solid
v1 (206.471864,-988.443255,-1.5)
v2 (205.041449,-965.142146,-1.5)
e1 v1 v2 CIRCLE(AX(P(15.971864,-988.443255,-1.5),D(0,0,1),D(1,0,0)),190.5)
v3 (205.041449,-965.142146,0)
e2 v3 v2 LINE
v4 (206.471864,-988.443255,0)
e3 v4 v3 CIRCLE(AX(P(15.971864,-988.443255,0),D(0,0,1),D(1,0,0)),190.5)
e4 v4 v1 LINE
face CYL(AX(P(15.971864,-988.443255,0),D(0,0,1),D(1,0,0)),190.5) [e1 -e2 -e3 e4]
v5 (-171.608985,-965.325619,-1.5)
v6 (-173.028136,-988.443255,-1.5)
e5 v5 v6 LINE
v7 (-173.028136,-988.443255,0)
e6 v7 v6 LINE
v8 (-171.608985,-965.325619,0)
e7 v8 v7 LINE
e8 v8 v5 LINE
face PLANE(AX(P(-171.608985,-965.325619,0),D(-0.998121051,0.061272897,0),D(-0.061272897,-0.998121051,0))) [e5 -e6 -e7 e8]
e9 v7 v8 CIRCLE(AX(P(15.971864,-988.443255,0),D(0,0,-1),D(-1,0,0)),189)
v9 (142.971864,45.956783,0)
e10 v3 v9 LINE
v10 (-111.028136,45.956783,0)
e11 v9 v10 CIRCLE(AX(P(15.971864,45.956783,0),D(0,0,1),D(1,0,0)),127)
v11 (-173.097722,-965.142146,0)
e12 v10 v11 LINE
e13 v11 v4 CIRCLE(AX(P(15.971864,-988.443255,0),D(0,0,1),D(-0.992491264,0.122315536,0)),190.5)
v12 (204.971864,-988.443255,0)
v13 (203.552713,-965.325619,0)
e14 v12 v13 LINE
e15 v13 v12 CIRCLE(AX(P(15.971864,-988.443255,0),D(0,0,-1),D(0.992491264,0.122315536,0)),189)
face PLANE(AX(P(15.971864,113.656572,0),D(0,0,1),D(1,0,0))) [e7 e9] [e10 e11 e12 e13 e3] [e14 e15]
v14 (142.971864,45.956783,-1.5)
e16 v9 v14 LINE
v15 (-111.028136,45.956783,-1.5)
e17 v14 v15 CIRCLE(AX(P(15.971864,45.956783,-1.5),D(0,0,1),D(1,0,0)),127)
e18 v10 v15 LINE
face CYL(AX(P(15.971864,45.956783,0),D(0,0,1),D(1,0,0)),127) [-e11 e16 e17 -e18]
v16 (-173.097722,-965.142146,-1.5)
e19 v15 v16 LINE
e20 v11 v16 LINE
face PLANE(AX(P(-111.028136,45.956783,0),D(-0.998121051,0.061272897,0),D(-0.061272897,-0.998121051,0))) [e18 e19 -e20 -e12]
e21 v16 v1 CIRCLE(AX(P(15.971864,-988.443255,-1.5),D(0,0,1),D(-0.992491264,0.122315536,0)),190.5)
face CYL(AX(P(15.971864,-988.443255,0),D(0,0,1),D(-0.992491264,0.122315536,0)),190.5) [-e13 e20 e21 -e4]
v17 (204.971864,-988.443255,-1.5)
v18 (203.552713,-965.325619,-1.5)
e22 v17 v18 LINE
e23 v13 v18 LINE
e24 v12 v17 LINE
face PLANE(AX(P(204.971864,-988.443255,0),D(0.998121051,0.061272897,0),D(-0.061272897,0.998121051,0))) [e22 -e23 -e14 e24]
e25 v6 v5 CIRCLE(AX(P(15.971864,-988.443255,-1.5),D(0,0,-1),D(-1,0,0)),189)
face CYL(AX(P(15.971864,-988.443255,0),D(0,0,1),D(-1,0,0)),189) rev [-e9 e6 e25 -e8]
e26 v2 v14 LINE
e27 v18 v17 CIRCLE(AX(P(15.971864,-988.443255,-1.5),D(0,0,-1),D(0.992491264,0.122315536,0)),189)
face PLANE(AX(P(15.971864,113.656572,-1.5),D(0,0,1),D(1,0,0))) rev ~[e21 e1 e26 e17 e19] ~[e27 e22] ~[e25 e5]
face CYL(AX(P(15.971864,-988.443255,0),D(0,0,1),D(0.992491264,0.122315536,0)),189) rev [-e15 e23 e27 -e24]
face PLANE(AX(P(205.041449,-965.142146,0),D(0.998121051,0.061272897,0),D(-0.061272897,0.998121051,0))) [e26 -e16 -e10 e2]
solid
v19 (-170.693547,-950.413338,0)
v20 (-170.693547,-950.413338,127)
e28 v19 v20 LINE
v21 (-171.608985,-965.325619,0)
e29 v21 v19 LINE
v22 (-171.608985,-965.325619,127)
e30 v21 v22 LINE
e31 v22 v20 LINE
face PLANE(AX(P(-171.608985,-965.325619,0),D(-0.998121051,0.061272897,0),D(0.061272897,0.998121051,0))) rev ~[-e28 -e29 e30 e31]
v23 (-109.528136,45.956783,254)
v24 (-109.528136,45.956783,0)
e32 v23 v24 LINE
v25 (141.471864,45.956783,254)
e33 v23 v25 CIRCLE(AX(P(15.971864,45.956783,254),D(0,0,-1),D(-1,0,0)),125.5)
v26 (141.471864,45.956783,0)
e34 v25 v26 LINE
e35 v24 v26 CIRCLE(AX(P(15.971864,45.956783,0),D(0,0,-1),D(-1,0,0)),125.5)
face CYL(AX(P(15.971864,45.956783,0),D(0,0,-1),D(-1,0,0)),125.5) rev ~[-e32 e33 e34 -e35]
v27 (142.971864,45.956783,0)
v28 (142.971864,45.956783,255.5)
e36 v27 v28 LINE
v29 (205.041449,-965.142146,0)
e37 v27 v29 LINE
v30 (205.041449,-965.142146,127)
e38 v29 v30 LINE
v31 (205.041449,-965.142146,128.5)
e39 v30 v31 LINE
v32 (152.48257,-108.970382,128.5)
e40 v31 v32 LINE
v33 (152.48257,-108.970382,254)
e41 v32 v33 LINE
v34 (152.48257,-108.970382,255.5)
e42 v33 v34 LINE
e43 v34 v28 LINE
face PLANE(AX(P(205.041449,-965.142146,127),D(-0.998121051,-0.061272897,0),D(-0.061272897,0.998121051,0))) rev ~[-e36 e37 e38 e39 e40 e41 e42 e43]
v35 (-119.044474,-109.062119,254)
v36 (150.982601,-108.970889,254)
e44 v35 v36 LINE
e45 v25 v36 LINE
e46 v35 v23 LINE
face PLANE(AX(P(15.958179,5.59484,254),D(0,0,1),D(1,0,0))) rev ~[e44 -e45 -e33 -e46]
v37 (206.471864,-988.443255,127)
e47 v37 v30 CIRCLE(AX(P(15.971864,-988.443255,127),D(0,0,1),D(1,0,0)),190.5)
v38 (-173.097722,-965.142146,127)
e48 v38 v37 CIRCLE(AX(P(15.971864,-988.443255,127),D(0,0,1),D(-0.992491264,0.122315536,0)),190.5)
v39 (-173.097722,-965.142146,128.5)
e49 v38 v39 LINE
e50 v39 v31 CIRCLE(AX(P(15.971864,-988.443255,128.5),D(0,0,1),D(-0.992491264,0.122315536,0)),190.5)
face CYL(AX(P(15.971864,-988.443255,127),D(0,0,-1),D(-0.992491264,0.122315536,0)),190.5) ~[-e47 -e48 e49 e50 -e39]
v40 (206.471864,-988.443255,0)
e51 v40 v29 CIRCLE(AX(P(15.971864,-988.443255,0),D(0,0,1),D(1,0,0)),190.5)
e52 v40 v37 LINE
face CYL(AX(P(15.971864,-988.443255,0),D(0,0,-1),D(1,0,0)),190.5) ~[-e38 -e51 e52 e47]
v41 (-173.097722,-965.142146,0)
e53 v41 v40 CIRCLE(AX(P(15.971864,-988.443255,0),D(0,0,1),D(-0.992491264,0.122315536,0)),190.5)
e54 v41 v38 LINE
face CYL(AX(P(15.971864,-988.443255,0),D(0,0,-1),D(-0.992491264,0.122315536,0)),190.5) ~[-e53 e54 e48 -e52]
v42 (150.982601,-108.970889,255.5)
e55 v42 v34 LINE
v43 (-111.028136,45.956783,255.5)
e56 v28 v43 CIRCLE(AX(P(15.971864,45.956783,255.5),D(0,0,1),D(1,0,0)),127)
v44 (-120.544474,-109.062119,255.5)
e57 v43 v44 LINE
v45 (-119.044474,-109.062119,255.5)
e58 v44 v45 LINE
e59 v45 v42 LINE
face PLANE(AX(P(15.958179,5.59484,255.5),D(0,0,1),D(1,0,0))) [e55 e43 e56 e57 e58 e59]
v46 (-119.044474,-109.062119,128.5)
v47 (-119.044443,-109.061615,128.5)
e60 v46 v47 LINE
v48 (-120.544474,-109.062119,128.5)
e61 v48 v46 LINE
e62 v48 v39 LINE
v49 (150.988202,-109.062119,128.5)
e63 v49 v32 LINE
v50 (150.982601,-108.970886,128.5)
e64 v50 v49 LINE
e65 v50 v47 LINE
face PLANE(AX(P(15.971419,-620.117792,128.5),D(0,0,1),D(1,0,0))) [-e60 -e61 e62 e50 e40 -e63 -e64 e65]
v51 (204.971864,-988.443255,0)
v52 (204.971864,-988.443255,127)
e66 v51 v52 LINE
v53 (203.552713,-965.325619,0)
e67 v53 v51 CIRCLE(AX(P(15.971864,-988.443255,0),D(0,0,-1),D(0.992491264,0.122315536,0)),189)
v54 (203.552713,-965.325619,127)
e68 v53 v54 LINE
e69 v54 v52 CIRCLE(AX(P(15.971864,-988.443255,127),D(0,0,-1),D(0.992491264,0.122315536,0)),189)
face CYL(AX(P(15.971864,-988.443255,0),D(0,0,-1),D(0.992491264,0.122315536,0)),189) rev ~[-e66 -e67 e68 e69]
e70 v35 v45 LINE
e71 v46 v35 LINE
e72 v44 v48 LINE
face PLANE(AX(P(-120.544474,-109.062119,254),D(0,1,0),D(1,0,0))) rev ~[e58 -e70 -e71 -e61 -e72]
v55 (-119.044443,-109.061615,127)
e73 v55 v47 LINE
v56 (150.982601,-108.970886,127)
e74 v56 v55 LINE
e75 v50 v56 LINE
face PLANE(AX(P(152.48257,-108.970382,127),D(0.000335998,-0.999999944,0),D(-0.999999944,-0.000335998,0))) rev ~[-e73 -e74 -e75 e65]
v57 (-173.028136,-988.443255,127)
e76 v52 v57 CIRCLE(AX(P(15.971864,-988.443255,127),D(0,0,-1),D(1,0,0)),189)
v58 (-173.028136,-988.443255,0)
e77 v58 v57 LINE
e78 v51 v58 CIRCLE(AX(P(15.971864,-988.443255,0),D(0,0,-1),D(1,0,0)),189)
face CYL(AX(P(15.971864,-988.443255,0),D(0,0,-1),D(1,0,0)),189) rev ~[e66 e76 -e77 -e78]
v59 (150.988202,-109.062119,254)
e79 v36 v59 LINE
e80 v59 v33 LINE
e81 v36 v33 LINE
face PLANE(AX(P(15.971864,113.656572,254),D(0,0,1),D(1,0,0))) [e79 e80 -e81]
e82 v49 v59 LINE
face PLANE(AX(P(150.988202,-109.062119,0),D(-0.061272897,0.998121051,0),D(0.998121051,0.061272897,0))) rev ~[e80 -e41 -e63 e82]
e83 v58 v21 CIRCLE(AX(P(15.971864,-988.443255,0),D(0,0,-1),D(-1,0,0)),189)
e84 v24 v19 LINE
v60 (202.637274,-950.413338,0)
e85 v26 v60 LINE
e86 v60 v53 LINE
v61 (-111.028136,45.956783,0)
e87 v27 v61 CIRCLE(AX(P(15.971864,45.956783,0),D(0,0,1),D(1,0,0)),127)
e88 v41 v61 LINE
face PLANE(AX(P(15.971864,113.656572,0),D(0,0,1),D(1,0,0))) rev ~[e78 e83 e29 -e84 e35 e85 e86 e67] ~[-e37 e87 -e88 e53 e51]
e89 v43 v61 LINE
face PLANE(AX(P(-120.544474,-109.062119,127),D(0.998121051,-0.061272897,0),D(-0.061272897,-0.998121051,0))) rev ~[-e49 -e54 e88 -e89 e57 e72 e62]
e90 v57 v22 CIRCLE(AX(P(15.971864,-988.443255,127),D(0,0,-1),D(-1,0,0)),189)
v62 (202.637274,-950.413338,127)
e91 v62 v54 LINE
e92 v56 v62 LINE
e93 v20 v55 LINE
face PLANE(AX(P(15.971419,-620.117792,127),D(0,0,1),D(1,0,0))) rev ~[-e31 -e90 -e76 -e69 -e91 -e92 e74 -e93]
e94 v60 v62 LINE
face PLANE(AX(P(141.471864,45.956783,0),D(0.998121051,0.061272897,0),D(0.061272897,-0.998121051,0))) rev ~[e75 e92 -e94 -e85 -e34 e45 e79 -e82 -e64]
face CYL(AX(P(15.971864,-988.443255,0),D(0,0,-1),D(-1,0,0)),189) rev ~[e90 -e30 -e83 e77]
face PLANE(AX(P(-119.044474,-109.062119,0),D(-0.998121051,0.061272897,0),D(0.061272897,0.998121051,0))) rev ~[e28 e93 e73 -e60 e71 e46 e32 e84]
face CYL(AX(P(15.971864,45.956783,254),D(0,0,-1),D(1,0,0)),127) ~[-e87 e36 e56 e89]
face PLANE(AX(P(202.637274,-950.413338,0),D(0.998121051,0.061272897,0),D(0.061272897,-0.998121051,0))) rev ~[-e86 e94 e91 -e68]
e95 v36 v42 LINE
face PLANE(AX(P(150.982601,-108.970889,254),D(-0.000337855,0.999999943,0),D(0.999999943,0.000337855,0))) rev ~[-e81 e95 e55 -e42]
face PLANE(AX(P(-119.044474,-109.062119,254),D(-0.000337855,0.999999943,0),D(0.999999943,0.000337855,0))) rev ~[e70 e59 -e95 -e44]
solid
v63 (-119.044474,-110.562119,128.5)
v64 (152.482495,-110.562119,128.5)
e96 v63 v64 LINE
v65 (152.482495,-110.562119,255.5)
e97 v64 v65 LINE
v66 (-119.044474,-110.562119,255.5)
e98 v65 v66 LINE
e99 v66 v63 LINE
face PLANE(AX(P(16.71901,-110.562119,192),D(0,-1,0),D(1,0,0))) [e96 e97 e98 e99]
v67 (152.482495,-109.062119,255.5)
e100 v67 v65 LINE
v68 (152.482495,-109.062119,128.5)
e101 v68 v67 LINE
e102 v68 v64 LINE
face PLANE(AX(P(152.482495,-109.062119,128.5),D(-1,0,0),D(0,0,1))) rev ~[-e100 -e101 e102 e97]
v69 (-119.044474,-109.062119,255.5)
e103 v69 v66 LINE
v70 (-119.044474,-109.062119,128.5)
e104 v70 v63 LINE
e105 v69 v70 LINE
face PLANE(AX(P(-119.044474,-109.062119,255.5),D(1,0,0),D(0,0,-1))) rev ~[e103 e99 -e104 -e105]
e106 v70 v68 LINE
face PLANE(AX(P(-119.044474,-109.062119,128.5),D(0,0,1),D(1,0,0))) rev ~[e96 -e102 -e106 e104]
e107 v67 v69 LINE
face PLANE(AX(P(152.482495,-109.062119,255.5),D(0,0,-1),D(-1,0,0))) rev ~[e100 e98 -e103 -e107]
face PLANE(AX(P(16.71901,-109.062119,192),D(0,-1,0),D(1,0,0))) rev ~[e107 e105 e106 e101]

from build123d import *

# Parameters (mm, degrees)
F1_DEPTH = 254
F2_DEPTH = 127
F0_R     = 149.6536088451
F0_R_2   = 96.0123924369
F3_DEPTH = 1.5
F5_DEPTH = 1.5
F7_DEPTH = 1.5
F9_DEPTH = 1.5


with BuildPart() as f1:
    # F0 (on Top) → F1 (new body)
    with BuildSketch(Plane.XY):
        with BuildLine():
            Line((141.4718636423, 45.9567829967), (142.282864794, 32.7457653199))
            ThreePointArc((142.282864794, 32.7457653199), (142.7994969607, 39.3422968588), (142.9718636423, 45.9567829967))
            ThreePointArc((142.9718636423, 45.9567829967), (15.9718636423, 172.9567829967), (-111.0281363577, 45.9567829967))
            ThreePointArc((-111.0281363577, 45.9567829967), (-110.855769676, 39.3422968588), (-110.3391375094, 32.7457653199))
            Line((-110.3391375094, 32.7457653199), (-109.5281363577, 45.9567829967))
            ThreePointArc((-109.5281363577, 45.9567829967), (15.9718636423, 171.4567829967), (141.4718636423, 45.9567829967))
        make_face()
        with BuildLine():
            ThreePointArc((-110.3391375094, 32.7457653199), (-110.855769676, 39.3422968588), (-111.0281363577, 45.9567829967))
            Line((-111.0281363577, 45.9567829967), (-120.5444742258, -109.0621186797))
            Line((-120.5444742258, -109.0621186797), (-119.0444742258, -109.0621186797))
            Line((-119.0444742258, -109.0621186797), (-110.3391375094, 32.7457653199))
        make_face()
        with BuildLine():
            ThreePointArc((142.9718636423, 45.9567829967), (142.7994969607, 39.3422968588), (142.282864794, 32.7457653199))
            Line((142.282864794, 32.7457653199), (150.9882015105, -109.0621186797))
            Line((150.9882015105, -109.0621186797), (152.4825699587, -108.9703820276))
            Line((152.4825699587, -108.9703820276), (142.9718636423, 45.9567829967))
        make_face()
    extrude(amount=F1_DEPTH)

    # F0 (on Top) → F2 (join)
    with BuildSketch(Plane.XY):
        with BuildLine():
            Line((141.4718636423, 45.9567829967), (142.282864794, 32.7457653199))
            ThreePointArc((142.282864794, 32.7457653199), (142.7994969607, 39.3422968588), (142.9718636423, 45.9567829967))
            ThreePointArc((142.9718636423, 45.9567829967), (15.9718636423, 172.9567829967), (-111.0281363577, 45.9567829967))
            ThreePointArc((-111.0281363577, 45.9567829967), (-110.855769676, 39.3422968588), (-110.3391375094, 32.7457653199))
            Line((-110.3391375094, 32.7457653199), (-109.5281363577, 45.9567829967))
            ThreePointArc((-109.5281363577, 45.9567829967), (15.9718636423, 171.4567829967), (141.4718636423, 45.9567829967))
        make_face()
        with BuildLine():
            ThreePointArc((142.9718636423, 45.9567829967), (142.7994969607, 39.3422968588), (142.282864794, 32.7457653199))
            Line((142.282864794, 32.7457653199), (150.9882015105, -109.0621186797))
            Line((150.9882015105, -109.0621186797), (152.4825699587, -108.9703820276))
            Line((152.4825699587, -108.9703820276), (142.9718636423, 45.9567829967))
        make_face()
        with BuildLine():
            Line((152.4825699587, -108.9703820276), (150.9882015105, -109.0621186797))
            Line((150.9882015105, -109.0621186797), (202.6372738553, -950.4133378592))
            ThreePointArc((202.6372738553, -950.4133378592), (203.9836485404, -957.7541899541), (205.0414494826, -965.1421457903))
            Line((205.0414494826, -965.1421457903), (152.4825699587, -108.9703820276))
        make_face()
        with BuildLine():
            ThreePointArc((-110.3391375094, 32.7457653199), (-110.855769676, 39.3422968588), (-111.0281363577, 45.9567829967))
            Line((-111.0281363577, 45.9567829967), (-120.5444742258, -109.0621186797))
            Line((-120.5444742258, -109.0621186797), (-119.0444742258, -109.0621186797))
            Line((-119.0444742258, -109.0621186797), (-110.3391375094, 32.7457653199))
        make_face()
        with BuildLine():
            ThreePointArc((205.0414494826, -965.1421457903), (203.9836485404, -957.7541899541), (202.6372738553, -950.4133378592))
            Line((202.6372738553, -950.4133378592), (203.5527125862, -965.3256190945))
            ThreePointArc((203.5527125862, -965.3256190945), (204.6167422508, -976.8626779432), (204.9718636423, -988.4432554245))
            ThreePointArc((204.9718636423, -988.4432554245), (15.9718636423, -1177.4432554245), (-173.0281363577, -988.4432554245))
            ThreePointArc((-173.0281363577, -988.4432554245), (-172.6730149661, -976.8626779432), (-171.6089853016, -965.3256190945))
            Line((-171.6089853016, -965.3256190945), (-170.6935465706, -950.4133378592))
            ThreePointArc((-170.6935465706, -950.4133378592), (-172.0399212557, -957.7541899541), (-173.0977221979, -965.1421457903))
            Line((-173.0977221979, -965.1421457903), (-174.5281363577, -988.4432554245))
            ThreePointArc((-174.5281363577, -988.4432554245), (15.9718636423, -1178.9432554245), (206.4718636423, -988.4432554245))
            Line((206.4718636423, -988.4432554245), (205.0414494826, -965.1421457903))
        make_face()
        with BuildLine():
            Line((-119.0444742258, -109.0621186797), (-120.5444742258, -109.0621186797))
            Line((-120.5444742258, -109.0621186797), (-173.0977221979, -965.1421457903))
            ThreePointArc((-173.0977221979, -965.1421457903), (-172.0399212557, -957.7541899541), (-170.6935465706, -950.4133378592))
            Line((-170.6935465706, -950.4133378592), (-119.0444742258, -109.0621186797))
        make_face()
        with BuildLine():
            ThreePointArc((206.4718636423, -988.4432554245), (206.113923827, -976.7707685981), (205.0414494826, -965.1421457903))
            Line((205.0414494826, -965.1421457903), (206.4718636423, -988.4432554245))
        make_face()
        with BuildLine():
            Line((-174.5281363577, -988.4432554245), (-173.0977221979, -965.1421457903))
            ThreePointArc((-173.0977221979, -965.1421457903), (-174.1701965424, -976.7707685981), (-174.5281363577, -988.4432554245))
        make_face()
    extrude(amount=F2_DEPTH)

    # F4 (on face) → F5 (join)
    with BuildSketch(Plane.XY.offset(254)):
        with BuildLine():
            Line((-109.5281363577, 45.9567829967), (-119.0444742258, -109.0621186797))
            Line((-119.0444742258, -109.0621186797), (150.9826010685, -108.9708887989))
            Line((150.9826010685, -108.9708887989), (141.4718636423, 45.9567829967))
            ThreePointArc((141.4718636423, 45.9567829967), (15.9718636423, 171.4567829967), (-109.5281363577, 45.9567829967))
        make_face()
        with BuildLine():
            Line((-120.5444742258, -109.0621186797), (-119.0444742258, -109.0621186797))
            Line((-119.0444742258, -109.0621186797), (-109.5281363577, 45.9567829967))
            ThreePointArc((-109.5281363577, 45.9567829967), (15.9718636423, 171.4567829967), (141.4718636423, 45.9567829967))
            Line((141.4718636423, 45.9567829967), (150.9826010685, -108.9708887989))
            Line((150.9826010685, -108.9708887989), (152.4825699587, -108.9703820276))
            Line((152.4825699587, -108.9703820276), (142.9718636423, 45.9567829967))
            ThreePointArc((142.9718636423, 45.9567829967), (15.9718636423, 172.9567829966), (-111.0281363577, 45.9567829967))
            Line((-111.0281363577, 45.9567829967), (-120.5444742258, -109.0621186797))
        make_face()
    extrude(amount=F5_DEPTH)

    # F6 (on face) → F7 (join)
    with BuildSketch(Plane.XY.offset(127)):
        with BuildLine():
            Line((152.4825699587, -108.9703820276), (-120.5444742258, -109.0621186797))
            Line((-120.5444742258, -109.0621186797), (-119.0444742258, -109.0621186797))
            Line((-119.0444742258, -109.0621186797), (-171.6089853016, -965.3256190945))
            ThreePointArc((-171.6089853016, -965.3256190945), (15.9718636423, -1177.4432554245), (203.5527125862, -965.3256190945))
            Line((203.5527125862, -965.3256190945), (150.9882015105, -109.0621186797))
            Line((150.9882015105, -109.0621186797), (152.4825699587, -108.9703820276))
        make_face()
        with BuildLine():
            Line((-119.0444742258, -109.0621186797), (-120.5444742258, -109.0621186797))
            Line((-120.5444742258, -109.0621186797), (-173.0977221979, -965.1421457903))
            ThreePointArc((-173.0977221979, -965.1421457903), (15.9718636423, -1178.9432554245), (205.0414494826, -965.1421457903))
            Line((205.0414494826, -965.1421457903), (152.4825699587, -108.9703820276))
            Line((152.4825699587, -108.9703820276), (150.9882015105, -109.0621186797))
            Line((150.9882015105, -109.0621186797), (203.5527125862, -965.3256190945))
            ThreePointArc((203.5527125862, -965.3256190945), (15.9718636423, -1177.4432554245), (-171.6089853016, -965.3256190945))
            Line((-171.6089853016, -965.3256190945), (-119.0444742258, -109.0621186797))
        make_face()
    extrude(amount=F7_DEPTH)


with BuildPart() as f3:
    # F0 (on Top) → F3 (new body)
    with BuildSketch(Plane.XY):
        with BuildLine():
            Line((141.4718636423, 45.9567829967), (142.282864794, 32.7457653199))
            ThreePointArc((142.282864794, 32.7457653199), (142.7994969607, 39.3422968588), (142.9718636423, 45.9567829967))
            ThreePointArc((142.9718636423, 45.9567829967), (15.9718636423, 172.9567829967), (-111.0281363577, 45.9567829967))
            ThreePointArc((-111.0281363577, 45.9567829967), (-110.855769676, 39.3422968588), (-110.3391375094, 32.7457653199))
            Line((-110.3391375094, 32.7457653199), (-109.5281363577, 45.9567829967))
            ThreePointArc((-109.5281363577, 45.9567829967), (15.9718636423, 171.4567829967), (141.4718636423, 45.9567829967))
        make_face()
        with BuildLine():
            ThreePointArc((142.9718636423, 45.9567829967), (142.7994969607, 39.3422968588), (142.282864794, 32.7457653199))
            Line((142.282864794, 32.7457653199), (150.9882015105, -109.0621186797))
            Line((150.9882015105, -109.0621186797), (152.4825699587, -108.9703820276))
            Line((152.4825699587, -108.9703820276), (142.9718636423, 45.9567829967))
        make_face()
        with BuildLine():
            Line((152.4825699587, -108.9703820276), (150.9882015105, -109.0621186797))
            Line((150.9882015105, -109.0621186797), (202.6372738553, -950.4133378592))
            ThreePointArc((202.6372738553, -950.4133378592), (203.9836485404, -957.7541899541), (205.0414494826, -965.1421457903))
            Line((205.0414494826, -965.1421457903), (152.4825699587, -108.9703820276))
        make_face()
        with BuildLine():
            ThreePointArc((-110.3391375094, 32.7457653199), (-110.855769676, 39.3422968588), (-111.0281363577, 45.9567829967))
            Line((-111.0281363577, 45.9567829967), (-120.5444742258, -109.0621186797))
            Line((-120.5444742258, -109.0621186797), (-119.0444742258, -109.0621186797))
            Line((-119.0444742258, -109.0621186797), (-110.3391375094, 32.7457653199))
        make_face()
        with BuildLine():
            ThreePointArc((205.0414494826, -965.1421457903), (203.9836485404, -957.7541899541), (202.6372738553, -950.4133378592))
            Line((202.6372738553, -950.4133378592), (203.5527125862, -965.3256190945))
            ThreePointArc((203.5527125862, -965.3256190945), (204.6167422508, -976.8626779432), (204.9718636423, -988.4432554245))
            ThreePointArc((204.9718636423, -988.4432554245), (15.9718636423, -1177.4432554245), (-173.0281363577, -988.4432554245))
            ThreePointArc((-173.0281363577, -988.4432554245), (-172.6730149661, -976.8626779432), (-171.6089853016, -965.3256190945))
            Line((-171.6089853016, -965.3256190945), (-170.6935465706, -950.4133378592))
            ThreePointArc((-170.6935465706, -950.4133378592), (-172.0399212557, -957.7541899541), (-173.0977221979, -965.1421457903))
            Line((-173.0977221979, -965.1421457903), (-174.5281363577, -988.4432554245))
            ThreePointArc((-174.5281363577, -988.4432554245), (15.9718636423, -1178.9432554245), (206.4718636423, -988.4432554245))
            Line((206.4718636423, -988.4432554245), (205.0414494826, -965.1421457903))
        make_face()
        with BuildLine():
            Line((-119.0444742258, -109.0621186797), (-120.5444742258, -109.0621186797))
            Line((-120.5444742258, -109.0621186797), (-173.0977221979, -965.1421457903))
            ThreePointArc((-173.0977221979, -965.1421457903), (-172.0399212557, -957.7541899541), (-170.6935465706, -950.4133378592))
            Line((-170.6935465706, -950.4133378592), (-119.0444742258, -109.0621186797))
        make_face()
        with BuildLine():
            ThreePointArc((206.4718636423, -988.4432554245), (206.113923827, -976.7707685981), (205.0414494826, -965.1421457903))
            Line((205.0414494826, -965.1421457903), (206.4718636423, -988.4432554245))
        make_face()
        with BuildLine():
            Line((-174.5281363577, -988.4432554245), (-173.0977221979, -965.1421457903))
            ThreePointArc((-173.0977221979, -965.1421457903), (-174.1701965424, -976.7707685981), (-174.5281363577, -988.4432554245))
        make_face()
        with BuildLine():
            Line((150.9882015105, -109.0621186797), (142.282864794, 32.7457653199))
            Line((142.282864794, 32.7457653199), (141.4718636423, 45.9567829967))
            ThreePointArc((141.4718636423, 45.9567829967), (15.9718636423, 171.4567829967), (-109.5281363577, 45.9567829967))
            Line((-109.5281363577, 45.9567829967), (-110.3391375094, 32.7457653199))
            Line((-110.3391375094, 32.7457653199), (-119.0444742258, -109.0621186797))
            Line((-119.0444742258, -109.0621186797), (-170.6935465706, -950.4133378592))
            Line((-170.6935465706, -950.4133378592), (-171.6089853016, -965.3256190945))
            Line((-171.6089853016, -965.3256190945), (-173.0281363577, -988.4432554245))
            ThreePointArc((-173.0281363577, -988.4432554245), (15.9718636423, -1177.4432554245), (204.9718636423, -988.4432554245))
            Line((204.9718636423, -988.4432554245), (203.5527125862, -965.3256190945))
            Line((203.5527125862, -965.3256190945), (202.6372738553, -950.4133378592))
            Line((202.6372738553, -950.4133378592), (150.9882015105, -109.0621186797))
        make_face()
        with Locations((15.9718636423, -988.4432554245)):
            Circle(F0_R, mode=Mode.SUBTRACT)
        with Locations((15.9718636423, 45.9567829967)):
            Circle(F0_R_2, mode=Mode.SUBTRACT)
        with Locations((15.9718636423, -988.4432554245)):
            Circle(F0_R)
        with Locations((15.9718636423, 45.9567829967)):
            Circle(F0_R_2)
    extrude(amount=-F3_DEPTH)


with BuildPart() as f9:
    # F8 (on face) → F9 (new body)
    with BuildSketch(Plane.XZ.offset(109.0621186797)):
        Polygon((152.4824947119, 255.5), (-119.0444742258, 255.5), (-119.0444742258, 254), (-119.0444742258, 128.5), (152.4824947119, 128.5), align=None)
    extrude(amount=F9_DEPTH)


solid = Compound([f1.part, f3.part, f9.part])
